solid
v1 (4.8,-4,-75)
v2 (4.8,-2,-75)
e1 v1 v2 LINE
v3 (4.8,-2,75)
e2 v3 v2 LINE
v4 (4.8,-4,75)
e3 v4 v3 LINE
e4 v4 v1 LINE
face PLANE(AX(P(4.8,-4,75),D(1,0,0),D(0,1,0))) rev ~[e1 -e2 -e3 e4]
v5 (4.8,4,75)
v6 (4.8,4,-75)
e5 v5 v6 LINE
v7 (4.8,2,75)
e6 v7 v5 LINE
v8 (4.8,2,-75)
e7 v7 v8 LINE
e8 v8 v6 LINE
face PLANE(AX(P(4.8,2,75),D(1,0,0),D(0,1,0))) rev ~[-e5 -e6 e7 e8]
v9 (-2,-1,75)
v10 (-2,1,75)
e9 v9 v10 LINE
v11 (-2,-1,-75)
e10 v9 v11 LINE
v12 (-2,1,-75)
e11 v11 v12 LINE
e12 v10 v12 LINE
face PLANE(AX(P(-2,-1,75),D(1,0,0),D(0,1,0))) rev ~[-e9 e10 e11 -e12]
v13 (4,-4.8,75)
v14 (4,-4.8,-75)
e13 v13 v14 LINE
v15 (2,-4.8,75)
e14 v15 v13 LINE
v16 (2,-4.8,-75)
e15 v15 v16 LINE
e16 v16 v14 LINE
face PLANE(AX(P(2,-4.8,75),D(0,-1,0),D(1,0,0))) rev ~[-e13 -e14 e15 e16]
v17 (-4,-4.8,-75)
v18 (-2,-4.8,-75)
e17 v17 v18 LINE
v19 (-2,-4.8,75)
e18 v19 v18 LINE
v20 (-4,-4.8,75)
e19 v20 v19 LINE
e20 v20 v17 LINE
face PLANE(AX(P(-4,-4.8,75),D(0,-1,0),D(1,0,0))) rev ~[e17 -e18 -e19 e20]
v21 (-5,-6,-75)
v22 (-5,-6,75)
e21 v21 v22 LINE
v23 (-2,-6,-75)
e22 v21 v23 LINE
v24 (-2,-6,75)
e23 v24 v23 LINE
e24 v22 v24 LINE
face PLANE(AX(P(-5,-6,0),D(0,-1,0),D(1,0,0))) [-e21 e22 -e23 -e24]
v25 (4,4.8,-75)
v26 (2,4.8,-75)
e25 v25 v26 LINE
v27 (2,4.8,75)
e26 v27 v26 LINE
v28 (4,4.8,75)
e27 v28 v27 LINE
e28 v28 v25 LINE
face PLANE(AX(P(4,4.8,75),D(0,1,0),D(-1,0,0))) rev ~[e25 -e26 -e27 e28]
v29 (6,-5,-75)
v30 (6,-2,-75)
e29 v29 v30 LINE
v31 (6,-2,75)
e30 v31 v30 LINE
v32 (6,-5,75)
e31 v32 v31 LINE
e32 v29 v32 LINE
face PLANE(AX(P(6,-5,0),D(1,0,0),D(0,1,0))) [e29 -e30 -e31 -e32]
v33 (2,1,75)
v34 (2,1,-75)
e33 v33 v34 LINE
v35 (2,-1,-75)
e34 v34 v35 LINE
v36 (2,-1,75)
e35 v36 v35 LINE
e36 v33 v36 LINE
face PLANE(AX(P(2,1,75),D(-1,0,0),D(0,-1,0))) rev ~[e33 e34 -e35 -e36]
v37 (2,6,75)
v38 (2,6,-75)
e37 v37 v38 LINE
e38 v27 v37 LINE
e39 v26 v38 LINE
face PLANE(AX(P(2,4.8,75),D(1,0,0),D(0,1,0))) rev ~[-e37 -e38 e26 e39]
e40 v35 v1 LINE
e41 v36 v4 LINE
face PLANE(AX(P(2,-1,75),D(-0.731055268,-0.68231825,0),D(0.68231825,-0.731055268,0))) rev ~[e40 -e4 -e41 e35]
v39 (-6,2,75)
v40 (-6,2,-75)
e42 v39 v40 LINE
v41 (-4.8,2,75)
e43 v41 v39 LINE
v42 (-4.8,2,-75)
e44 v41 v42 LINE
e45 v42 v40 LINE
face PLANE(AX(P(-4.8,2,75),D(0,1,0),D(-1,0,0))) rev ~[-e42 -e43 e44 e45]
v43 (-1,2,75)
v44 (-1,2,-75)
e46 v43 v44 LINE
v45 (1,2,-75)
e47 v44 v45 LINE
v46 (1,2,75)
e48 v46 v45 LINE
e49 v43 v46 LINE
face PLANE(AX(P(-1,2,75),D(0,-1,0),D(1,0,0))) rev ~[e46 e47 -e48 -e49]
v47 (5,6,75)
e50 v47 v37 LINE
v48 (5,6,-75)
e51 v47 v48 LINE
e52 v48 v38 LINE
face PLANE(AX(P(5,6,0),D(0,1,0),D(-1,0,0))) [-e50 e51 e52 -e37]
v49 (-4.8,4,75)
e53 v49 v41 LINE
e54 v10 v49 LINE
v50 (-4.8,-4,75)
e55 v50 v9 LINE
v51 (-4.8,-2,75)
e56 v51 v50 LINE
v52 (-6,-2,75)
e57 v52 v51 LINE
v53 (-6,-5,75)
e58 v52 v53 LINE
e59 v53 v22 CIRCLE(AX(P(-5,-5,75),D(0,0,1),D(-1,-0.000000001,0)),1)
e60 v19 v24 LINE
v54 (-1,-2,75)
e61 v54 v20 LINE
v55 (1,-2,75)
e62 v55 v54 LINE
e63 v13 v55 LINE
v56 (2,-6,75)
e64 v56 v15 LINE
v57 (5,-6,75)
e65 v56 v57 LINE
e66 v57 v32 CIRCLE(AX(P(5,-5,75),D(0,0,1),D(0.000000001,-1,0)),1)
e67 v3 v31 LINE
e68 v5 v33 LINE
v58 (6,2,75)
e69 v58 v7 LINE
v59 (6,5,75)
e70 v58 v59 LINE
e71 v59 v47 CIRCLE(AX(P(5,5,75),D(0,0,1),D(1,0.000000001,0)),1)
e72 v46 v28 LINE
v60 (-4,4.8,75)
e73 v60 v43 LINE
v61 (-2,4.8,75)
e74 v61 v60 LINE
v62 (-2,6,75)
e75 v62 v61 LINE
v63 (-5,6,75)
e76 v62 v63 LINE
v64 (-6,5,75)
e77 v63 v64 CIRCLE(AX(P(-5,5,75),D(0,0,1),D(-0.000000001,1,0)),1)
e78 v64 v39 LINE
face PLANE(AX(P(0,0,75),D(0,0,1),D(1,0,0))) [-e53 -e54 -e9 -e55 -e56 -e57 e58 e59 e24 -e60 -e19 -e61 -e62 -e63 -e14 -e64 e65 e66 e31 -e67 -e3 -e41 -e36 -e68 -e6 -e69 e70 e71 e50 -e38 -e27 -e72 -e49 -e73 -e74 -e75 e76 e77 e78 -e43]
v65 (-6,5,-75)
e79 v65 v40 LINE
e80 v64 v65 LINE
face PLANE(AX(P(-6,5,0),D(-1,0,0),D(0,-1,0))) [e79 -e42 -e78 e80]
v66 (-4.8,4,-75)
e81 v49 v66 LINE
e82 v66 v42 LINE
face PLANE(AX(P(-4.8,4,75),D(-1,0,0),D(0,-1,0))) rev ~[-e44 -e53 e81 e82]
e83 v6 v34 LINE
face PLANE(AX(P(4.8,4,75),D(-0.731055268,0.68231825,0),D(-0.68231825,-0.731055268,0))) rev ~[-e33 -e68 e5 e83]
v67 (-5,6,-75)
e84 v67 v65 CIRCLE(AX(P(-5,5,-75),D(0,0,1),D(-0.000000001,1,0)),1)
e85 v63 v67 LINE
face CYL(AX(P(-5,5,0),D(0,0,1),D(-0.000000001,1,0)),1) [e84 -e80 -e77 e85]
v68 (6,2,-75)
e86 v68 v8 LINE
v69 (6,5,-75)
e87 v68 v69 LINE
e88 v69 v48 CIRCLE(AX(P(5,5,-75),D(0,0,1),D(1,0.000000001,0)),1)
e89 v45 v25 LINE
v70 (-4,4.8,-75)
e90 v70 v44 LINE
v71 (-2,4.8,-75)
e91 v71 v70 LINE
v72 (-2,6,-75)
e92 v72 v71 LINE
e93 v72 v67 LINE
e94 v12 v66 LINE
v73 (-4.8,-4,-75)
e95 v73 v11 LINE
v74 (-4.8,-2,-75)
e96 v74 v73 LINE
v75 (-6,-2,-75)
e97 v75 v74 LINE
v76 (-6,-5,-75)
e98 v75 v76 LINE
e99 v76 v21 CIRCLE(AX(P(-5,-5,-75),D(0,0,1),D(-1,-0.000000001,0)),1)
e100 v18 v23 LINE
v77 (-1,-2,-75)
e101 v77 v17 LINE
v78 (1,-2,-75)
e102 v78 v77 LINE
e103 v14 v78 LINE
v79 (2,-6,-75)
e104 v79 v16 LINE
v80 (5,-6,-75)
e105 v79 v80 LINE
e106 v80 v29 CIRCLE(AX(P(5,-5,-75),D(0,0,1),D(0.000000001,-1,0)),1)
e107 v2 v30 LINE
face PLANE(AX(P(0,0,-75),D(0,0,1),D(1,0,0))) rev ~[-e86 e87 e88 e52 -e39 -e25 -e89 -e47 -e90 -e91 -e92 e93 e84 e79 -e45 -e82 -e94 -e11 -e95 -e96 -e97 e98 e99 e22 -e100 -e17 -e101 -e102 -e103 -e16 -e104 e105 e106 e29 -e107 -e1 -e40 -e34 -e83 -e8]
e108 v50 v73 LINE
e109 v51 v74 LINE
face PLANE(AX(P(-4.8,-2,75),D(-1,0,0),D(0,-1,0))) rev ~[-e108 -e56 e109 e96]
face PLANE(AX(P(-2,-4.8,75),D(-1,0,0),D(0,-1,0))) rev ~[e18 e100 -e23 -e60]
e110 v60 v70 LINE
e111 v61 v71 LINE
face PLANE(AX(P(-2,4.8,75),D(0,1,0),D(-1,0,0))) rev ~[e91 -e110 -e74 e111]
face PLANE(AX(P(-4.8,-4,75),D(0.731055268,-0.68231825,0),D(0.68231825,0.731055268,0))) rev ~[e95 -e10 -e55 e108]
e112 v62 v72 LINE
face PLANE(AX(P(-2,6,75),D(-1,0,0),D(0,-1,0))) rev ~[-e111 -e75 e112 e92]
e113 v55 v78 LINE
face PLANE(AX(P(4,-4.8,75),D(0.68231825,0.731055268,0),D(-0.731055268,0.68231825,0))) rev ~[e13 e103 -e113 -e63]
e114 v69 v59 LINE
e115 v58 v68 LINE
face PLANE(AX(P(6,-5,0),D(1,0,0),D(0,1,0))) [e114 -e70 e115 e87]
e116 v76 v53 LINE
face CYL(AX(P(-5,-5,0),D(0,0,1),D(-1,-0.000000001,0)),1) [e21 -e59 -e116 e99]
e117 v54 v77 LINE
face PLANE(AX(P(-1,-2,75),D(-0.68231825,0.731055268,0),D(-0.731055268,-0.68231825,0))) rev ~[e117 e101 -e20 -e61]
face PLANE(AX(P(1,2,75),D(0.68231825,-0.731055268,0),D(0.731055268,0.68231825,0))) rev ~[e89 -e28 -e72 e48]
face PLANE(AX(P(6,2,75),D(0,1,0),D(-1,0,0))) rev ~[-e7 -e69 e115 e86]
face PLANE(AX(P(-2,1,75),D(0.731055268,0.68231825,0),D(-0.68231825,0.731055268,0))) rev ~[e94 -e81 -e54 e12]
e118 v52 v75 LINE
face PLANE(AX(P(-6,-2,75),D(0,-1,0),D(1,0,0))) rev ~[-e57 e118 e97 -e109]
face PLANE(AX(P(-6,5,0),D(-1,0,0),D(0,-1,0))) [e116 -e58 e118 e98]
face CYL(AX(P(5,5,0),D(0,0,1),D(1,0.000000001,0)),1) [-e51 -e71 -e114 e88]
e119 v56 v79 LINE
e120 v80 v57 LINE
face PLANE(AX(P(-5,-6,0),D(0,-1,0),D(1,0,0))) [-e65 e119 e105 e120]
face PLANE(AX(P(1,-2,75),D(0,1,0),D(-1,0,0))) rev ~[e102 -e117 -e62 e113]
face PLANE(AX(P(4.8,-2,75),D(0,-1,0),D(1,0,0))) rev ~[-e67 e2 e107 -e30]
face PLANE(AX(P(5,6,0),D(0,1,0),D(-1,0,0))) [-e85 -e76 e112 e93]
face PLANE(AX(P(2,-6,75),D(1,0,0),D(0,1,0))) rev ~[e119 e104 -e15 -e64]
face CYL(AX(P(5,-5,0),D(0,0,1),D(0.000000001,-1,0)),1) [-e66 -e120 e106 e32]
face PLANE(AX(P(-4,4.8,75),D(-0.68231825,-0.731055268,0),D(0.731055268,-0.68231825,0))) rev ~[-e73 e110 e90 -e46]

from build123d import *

# Parameters (mm, degrees)
EXTRUSION1_DEPTH             = 75
ENL_V_MAT_EXTRU_1_DEPTH      = 151.239808307
R_P_TITION_CIRCULAIRE1_COUNT = 4


with BuildPart() as part:
    # Esquisse1 → Extrusion1 (new, symmetric)
    with BuildSketch(Plane.XY):
        with BuildLine():
            Line((-6, 5), (-6, -5))
            ThreePointArc((-6, -5), (-5.707106781, -5.707106781), (-5, -6))
            Line((-5, -6), (5, -6))
            ThreePointArc((5, -6), (5.707106781, -5.707106781), (6, -5))
            Line((6, -5), (6, 5))
            ThreePointArc((6, 5), (5.707106781, 5.707106781), (5, 6))
            Line((5, 6), (-5, 6))
            ThreePointArc((-5, 6), (-5.707106781, 5.707106781), (-6, 5))
        make_face()
    extrude(amount=EXTRUSION1_DEPTH, both=True)

    # Esquisse3 → Enlèv. mat.-Extru.1 (cut, through all)
    with BuildSketch(Plane.XY.offset(75)):
        Polygon((6, 2), (4.8, 2), (4.8, 4), (2, 1), (2, -1), (4.8, -4), (4.8, -2), (6, -2), align=None)
    enl_v_mat_extru_1 = extrude(amount=-ENL_V_MAT_EXTRU_1_DEPTH, mode=Mode.SUBTRACT)

    # Répétition circulaire1: Enlèv. mat.-Extru.1 ×4 about axis
    r_p_tition_circulaire1_axis = Axis((0, 0, -1), (0, 0, 1))
    for i in range(1, R_P_TITION_CIRCULAIRE1_COUNT):
        add(enl_v_mat_extru_1.rotate(r_p_tition_circulaire1_axis, i * 360 / R_P_TITION_CIRCULAIRE1_COUNT), mode=Mode.SUBTRACT)


solid = part.part
